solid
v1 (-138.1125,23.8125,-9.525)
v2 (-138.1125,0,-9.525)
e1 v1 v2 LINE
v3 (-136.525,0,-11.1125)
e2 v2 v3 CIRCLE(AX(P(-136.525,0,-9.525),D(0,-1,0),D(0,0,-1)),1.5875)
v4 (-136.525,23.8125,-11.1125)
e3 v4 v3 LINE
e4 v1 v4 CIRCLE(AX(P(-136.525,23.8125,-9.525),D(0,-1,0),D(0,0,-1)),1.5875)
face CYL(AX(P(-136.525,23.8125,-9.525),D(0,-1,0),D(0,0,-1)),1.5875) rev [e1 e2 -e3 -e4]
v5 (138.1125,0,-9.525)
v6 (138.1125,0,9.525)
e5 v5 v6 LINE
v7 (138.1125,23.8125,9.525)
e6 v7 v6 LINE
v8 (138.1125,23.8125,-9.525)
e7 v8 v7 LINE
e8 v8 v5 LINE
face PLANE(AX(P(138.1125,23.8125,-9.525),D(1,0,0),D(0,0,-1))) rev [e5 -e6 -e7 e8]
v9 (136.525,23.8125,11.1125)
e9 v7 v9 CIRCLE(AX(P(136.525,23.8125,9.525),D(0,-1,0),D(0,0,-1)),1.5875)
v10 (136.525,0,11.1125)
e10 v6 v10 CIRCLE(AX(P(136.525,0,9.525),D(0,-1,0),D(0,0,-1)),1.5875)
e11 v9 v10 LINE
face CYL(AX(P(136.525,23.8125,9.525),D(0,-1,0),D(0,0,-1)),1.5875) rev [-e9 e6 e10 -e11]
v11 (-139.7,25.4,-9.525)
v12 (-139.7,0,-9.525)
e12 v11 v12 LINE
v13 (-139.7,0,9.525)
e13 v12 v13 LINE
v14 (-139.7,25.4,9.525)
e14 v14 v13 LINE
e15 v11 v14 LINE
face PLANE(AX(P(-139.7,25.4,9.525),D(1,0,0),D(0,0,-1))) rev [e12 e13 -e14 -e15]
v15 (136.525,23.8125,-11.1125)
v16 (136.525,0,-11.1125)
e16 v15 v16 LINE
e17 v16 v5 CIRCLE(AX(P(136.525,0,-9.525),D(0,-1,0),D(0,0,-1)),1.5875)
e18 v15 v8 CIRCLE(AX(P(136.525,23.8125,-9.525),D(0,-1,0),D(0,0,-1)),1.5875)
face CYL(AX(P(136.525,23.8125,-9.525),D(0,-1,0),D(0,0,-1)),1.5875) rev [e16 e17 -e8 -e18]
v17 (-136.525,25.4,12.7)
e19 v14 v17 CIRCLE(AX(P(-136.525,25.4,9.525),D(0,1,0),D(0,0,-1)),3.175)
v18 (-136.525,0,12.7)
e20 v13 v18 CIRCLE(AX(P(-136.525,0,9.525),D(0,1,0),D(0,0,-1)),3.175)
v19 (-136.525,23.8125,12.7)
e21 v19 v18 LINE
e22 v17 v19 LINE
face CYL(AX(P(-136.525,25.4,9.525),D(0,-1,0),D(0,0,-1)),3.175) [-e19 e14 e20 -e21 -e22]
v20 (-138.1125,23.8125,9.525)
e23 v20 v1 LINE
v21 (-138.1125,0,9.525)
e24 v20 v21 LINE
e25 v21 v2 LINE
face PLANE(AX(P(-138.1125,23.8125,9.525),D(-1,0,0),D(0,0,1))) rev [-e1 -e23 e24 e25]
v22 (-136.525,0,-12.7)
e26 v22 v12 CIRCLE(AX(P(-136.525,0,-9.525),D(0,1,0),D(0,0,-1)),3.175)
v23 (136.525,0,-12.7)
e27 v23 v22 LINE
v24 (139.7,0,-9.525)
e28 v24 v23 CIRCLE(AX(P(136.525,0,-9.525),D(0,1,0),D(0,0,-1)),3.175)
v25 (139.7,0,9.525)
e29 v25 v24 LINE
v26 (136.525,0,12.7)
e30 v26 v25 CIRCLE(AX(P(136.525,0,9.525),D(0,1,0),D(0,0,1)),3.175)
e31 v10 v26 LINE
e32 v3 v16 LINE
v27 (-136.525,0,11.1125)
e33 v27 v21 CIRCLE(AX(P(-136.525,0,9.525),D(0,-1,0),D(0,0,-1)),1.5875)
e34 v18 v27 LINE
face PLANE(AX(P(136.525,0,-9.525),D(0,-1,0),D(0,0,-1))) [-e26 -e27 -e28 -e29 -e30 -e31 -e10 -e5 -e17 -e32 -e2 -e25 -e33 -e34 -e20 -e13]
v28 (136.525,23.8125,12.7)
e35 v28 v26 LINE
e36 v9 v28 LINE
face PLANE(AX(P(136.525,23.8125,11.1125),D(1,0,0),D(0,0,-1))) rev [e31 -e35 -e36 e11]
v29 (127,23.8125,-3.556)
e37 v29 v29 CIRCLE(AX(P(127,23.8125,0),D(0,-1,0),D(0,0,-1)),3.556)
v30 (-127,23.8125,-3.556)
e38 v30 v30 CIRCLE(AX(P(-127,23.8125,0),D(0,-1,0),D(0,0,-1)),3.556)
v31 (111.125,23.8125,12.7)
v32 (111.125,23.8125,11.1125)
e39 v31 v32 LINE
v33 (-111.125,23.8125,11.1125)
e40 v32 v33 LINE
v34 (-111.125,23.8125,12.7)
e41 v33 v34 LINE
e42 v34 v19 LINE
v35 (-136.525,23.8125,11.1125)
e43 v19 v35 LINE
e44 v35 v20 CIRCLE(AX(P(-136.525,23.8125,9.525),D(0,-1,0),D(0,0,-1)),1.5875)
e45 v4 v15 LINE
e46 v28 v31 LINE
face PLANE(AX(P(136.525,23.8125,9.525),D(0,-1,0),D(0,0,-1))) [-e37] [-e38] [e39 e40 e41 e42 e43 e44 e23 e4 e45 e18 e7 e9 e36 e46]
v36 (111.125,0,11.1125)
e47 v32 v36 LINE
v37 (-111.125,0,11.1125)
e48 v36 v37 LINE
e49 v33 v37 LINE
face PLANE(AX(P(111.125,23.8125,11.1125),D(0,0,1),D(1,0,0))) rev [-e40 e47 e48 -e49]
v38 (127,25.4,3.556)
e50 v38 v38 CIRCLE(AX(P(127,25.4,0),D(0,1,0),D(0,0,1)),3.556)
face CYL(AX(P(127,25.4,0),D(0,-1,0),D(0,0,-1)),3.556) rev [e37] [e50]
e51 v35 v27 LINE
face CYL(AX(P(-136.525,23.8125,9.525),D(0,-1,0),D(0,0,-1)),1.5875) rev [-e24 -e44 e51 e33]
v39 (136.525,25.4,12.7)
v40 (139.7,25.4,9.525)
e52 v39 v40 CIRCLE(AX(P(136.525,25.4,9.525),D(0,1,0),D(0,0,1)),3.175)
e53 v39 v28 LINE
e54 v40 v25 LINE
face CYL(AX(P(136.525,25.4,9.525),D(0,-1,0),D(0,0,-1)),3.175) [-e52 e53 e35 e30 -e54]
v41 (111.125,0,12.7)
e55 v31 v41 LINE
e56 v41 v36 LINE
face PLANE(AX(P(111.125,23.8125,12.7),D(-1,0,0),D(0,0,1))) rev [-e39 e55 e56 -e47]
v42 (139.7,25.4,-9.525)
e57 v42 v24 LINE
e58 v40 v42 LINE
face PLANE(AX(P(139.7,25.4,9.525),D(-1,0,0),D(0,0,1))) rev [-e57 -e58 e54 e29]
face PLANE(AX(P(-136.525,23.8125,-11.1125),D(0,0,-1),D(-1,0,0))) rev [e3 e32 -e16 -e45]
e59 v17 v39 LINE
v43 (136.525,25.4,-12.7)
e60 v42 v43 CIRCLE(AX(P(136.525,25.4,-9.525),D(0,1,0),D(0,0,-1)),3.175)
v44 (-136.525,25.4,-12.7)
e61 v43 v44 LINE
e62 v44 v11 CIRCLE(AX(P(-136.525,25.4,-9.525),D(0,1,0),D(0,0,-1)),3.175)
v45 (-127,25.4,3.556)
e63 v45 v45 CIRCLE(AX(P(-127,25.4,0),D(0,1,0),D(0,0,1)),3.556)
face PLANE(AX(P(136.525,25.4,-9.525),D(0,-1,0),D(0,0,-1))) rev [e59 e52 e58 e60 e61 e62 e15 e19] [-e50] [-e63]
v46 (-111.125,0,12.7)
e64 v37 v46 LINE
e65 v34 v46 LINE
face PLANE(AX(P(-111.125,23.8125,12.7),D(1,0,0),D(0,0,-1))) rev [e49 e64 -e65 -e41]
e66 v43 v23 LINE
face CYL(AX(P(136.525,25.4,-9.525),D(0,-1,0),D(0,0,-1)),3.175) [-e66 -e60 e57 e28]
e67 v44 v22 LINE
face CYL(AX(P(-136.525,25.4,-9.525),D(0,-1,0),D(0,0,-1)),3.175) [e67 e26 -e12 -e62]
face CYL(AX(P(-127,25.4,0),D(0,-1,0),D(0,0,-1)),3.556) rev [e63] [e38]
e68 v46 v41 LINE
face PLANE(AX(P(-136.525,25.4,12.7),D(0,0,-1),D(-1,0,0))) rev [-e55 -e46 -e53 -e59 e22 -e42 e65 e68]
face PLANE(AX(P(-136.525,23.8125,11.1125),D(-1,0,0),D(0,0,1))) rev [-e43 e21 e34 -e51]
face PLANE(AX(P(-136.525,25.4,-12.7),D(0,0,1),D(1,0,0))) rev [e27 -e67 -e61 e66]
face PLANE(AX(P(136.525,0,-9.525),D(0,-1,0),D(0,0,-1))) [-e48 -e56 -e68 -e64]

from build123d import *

# Parameters (mm, degrees)
SKETCH1_R           = 3.556
BOSS_EXTRUDE3_DEPTH = 25.4
CUT_EXTRUDE3_DEPTH  = 23.8125


with BuildPart() as part:
    # Sketch1 → Boss-Extrude3 (new body)
    with BuildSketch(Plane(origin=(0, 0, 0), x_dir=(1, 0, 0), z_dir=(0, 1, 0))):
        with BuildLine():
            Line((-136.525, -12.7), (136.525, -12.7))
            ThreePointArc((136.525, -12.7), (138.77006403, -11.77006403), (139.7, -9.525))
            Line((139.7, -9.525), (139.7, 9.525))
            ThreePointArc((139.7, 9.525), (138.77006403, 11.77006403), (136.525, 12.7))
            Line((136.525, 12.7), (-136.525, 12.7))
            ThreePointArc((-136.525, 12.7), (-138.77006403, 11.77006403), (-139.7, 9.525))
            Line((-139.7, 9.525), (-139.7, -9.525))
            ThreePointArc((-139.7, -9.525), (-138.77006403, -11.77006403), (-136.525, -12.7))
        make_face()
        with Locations((127, 0)):
            Circle(SKETCH1_R, mode=Mode.SUBTRACT)
        with Locations((-127, 0)):
            Circle(SKETCH1_R, mode=Mode.SUBTRACT)
    extrude(amount=BOSS_EXTRUDE3_DEPTH)

    # Sketch5 → Cut-Extrude3 (cut)
    with BuildSketch(Plane.XZ):
        with BuildLine():
            Line((-136.525, 11.1125), (-136.525, 12.7))
            Line((-136.525, 12.7), (-111.125, 12.7))
            Line((-111.125, 12.7), (-111.125, 11.1125))
            Line((-111.125, 11.1125), (111.125, 11.1125))
            Line((111.125, 11.1125), (111.125, 12.7))
            Line((111.125, 12.7), (136.525, 12.7))
            Line((136.525, 12.7), (136.525, 11.1125))
            ThreePointArc((136.525, 11.1125), (137.647532015, 10.647532015), (138.1125, 9.525))
            Line((138.1125, 9.525), (138.1125, -9.525))
            ThreePointArc((138.1125, -9.525), (137.647532015, -10.647532015), (136.525, -11.1125))
            Line((136.525, -11.1125), (-136.525, -11.1125))
            ThreePointArc((-136.525, -11.1125), (-137.647532015, -10.647532015), (-138.1125, -9.525))
            Line((-138.1125, -9.525), (-138.1125, 9.525))
            ThreePointArc((-138.1125, 9.525), (-137.647532015, 10.647532015), (-136.525, 11.1125))
        make_face()
    extrude(amount=-CUT_EXTRUDE3_DEPTH, mode=Mode.SUBTRACT)


solid = part.part
